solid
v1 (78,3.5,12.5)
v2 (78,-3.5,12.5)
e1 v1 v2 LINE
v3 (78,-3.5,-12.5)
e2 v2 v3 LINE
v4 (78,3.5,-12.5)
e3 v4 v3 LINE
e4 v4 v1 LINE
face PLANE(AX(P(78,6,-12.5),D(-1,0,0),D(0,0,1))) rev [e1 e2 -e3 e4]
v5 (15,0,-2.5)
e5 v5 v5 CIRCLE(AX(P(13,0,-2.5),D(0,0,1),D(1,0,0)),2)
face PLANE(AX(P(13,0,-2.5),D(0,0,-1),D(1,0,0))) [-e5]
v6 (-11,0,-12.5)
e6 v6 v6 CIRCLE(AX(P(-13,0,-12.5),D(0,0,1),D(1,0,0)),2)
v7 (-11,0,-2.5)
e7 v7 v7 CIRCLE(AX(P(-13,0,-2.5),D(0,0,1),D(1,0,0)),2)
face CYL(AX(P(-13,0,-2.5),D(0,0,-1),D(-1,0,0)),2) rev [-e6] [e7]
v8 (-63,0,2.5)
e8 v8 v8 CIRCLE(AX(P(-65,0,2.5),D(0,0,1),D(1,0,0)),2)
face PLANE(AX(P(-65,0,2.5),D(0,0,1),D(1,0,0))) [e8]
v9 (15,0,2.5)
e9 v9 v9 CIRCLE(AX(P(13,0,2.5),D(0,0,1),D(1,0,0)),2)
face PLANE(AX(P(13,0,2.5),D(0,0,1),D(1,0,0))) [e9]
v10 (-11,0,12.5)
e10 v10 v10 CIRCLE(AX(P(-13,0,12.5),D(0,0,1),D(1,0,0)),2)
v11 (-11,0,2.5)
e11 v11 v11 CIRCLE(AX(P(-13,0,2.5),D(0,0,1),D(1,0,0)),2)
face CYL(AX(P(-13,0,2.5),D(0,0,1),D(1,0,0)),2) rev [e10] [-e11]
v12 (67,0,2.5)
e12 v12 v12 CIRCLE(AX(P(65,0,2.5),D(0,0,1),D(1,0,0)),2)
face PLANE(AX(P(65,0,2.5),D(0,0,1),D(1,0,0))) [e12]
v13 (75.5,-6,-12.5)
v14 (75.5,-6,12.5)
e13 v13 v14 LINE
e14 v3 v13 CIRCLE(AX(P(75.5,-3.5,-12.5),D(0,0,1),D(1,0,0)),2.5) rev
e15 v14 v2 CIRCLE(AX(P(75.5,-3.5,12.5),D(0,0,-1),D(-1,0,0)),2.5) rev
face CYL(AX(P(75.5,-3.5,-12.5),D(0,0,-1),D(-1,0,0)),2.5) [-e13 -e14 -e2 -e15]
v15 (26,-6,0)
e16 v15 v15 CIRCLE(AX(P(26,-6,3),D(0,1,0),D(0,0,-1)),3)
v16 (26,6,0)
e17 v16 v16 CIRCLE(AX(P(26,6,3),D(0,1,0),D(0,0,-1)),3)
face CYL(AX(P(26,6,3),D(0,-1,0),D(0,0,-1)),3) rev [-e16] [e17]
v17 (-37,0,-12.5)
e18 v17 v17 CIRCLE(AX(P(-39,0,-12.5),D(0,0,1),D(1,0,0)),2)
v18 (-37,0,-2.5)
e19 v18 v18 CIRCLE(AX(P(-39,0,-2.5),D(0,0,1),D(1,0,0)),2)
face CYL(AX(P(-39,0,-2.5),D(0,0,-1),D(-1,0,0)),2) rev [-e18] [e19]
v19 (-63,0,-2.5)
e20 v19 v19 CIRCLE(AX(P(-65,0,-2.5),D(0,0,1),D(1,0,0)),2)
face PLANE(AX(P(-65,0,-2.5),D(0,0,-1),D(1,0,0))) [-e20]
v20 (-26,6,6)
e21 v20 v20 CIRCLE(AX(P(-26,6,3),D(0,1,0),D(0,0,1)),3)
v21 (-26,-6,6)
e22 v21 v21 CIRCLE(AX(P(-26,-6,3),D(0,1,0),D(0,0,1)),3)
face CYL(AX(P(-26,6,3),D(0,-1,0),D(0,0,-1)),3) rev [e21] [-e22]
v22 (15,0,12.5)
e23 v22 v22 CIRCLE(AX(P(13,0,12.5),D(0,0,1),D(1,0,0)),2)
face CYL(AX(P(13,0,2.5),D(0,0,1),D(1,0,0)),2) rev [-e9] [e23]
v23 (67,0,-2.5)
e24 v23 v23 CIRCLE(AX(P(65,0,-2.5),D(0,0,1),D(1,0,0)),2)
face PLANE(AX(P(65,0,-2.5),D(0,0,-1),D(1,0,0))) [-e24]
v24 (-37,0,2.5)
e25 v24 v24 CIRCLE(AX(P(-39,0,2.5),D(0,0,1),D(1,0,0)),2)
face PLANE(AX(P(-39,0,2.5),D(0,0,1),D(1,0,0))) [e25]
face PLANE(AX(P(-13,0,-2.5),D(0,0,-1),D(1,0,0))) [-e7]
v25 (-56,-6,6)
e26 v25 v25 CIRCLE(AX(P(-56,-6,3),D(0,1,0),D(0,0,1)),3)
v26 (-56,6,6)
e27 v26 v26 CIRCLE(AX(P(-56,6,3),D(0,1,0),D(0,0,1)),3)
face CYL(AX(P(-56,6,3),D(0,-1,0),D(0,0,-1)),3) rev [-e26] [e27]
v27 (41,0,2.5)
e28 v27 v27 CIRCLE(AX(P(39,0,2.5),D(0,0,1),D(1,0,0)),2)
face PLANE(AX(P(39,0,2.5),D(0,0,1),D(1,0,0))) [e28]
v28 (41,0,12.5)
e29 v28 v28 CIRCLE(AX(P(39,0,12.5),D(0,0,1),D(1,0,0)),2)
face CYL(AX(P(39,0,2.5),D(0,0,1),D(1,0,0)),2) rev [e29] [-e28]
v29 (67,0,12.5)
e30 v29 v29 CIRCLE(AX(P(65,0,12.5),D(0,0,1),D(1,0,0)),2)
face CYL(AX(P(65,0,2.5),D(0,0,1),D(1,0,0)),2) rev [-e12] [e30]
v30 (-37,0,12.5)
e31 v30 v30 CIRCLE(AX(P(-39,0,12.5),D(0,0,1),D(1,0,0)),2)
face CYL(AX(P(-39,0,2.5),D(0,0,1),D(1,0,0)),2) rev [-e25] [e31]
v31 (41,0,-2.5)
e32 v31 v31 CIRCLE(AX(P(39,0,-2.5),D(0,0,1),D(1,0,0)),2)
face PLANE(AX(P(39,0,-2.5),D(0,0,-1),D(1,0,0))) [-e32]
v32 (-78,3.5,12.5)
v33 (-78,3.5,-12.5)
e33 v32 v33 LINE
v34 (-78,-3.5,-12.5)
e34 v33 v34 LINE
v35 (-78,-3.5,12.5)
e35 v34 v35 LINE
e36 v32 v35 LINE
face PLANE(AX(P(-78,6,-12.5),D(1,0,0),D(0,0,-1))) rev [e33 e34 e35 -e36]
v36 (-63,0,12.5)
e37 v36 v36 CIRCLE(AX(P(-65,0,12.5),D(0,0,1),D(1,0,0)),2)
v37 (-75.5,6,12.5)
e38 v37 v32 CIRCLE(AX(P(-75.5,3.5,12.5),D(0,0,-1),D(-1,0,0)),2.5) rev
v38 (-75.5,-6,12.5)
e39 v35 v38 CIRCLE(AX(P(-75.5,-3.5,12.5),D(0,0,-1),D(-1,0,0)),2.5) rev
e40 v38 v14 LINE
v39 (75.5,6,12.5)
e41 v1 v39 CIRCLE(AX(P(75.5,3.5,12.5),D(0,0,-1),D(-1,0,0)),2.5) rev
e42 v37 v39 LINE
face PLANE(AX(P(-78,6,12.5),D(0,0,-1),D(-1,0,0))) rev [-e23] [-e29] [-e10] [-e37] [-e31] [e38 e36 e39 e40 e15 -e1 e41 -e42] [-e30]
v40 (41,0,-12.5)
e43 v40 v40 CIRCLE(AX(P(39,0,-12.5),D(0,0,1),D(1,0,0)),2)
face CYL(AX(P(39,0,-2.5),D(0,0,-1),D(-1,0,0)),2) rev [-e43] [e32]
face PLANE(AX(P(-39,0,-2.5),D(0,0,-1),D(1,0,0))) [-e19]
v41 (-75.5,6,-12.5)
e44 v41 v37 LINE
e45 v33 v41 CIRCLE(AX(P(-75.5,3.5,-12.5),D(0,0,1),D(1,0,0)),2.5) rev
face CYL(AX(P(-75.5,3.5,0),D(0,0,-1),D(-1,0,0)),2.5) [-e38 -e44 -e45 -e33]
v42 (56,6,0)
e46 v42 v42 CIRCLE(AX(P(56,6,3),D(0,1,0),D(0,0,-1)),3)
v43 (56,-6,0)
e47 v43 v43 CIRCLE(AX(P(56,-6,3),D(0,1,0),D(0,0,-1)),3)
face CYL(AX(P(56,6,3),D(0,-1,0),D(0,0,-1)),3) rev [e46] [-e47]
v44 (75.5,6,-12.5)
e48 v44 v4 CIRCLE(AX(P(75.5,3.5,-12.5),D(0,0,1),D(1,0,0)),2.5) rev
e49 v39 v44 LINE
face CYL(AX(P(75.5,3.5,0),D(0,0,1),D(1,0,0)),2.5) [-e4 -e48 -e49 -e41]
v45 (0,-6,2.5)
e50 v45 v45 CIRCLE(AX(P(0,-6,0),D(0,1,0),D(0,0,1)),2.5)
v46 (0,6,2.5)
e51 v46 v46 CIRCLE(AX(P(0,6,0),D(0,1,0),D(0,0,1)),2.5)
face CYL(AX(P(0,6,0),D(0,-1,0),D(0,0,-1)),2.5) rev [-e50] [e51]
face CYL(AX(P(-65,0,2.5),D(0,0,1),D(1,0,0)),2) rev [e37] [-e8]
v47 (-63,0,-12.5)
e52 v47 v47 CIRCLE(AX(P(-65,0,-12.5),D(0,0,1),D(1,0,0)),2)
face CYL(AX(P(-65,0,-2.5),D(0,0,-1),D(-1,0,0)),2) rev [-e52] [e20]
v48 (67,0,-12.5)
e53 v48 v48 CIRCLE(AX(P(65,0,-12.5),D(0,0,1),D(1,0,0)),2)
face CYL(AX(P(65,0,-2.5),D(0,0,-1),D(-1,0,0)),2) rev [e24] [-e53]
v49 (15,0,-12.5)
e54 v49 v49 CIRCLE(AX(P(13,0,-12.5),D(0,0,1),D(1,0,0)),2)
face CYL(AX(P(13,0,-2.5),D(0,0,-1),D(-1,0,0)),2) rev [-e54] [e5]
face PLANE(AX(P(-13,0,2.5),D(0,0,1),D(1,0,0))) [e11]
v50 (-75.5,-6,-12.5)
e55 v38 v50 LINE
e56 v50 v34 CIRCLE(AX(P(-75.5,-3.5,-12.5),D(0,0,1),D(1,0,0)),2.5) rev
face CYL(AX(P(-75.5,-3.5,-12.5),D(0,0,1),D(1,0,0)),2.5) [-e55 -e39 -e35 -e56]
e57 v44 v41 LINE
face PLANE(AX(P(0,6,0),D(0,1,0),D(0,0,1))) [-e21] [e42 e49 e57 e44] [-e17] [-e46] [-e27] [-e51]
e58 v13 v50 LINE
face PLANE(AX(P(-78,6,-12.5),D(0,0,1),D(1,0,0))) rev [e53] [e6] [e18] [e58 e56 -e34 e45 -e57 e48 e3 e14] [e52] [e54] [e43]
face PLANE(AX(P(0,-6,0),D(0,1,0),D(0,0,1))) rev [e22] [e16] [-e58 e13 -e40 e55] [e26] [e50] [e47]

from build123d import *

# Parameters (mm, degrees)
SKETCH1_W               = 156
SKETCH1_H               = 25
SKETCH1_R               = 2.5
SKETCH1_R_2             = 3
BOSS_EXTRUDE1_DEPTH     = 6
FILLET1_R               = 2.5
SKETCH2_R               = 2
CUT_EXTRUDE1_DEPTH      = 10
LPATTERN1_COUNT         = 6
LPATTERN1_PITCH         = 26
MIRROR1_COPY_1_SKETCH_R = 2
MIRROR1_COPY_1_DEPTH    = 10
MIRROR1_COPY_2_SKETCH_R = 2
MIRROR1_COPY_2_DEPTH    = 10
MIRROR1_COPY_3_SKETCH_R = 2
MIRROR1_COPY_3_DEPTH    = 10
MIRROR1_COPY_4_SKETCH_R = 2
MIRROR1_COPY_4_DEPTH    = 10
MIRROR1_COPY_5_SKETCH_R = 2
MIRROR1_COPY_5_DEPTH    = 10


with BuildPart() as part:
    # Sketch1 → Boss-Extrude1 (new, symmetric)
    with BuildSketch(Plane(origin=(0, 0, 0), x_dir=(1, 0, 0), z_dir=(0, 1, 0))):
        Rectangle(SKETCH1_W, SKETCH1_H)
        with Locations(Location((0, 0, 0), (0, 0, 270))):
            Circle(SKETCH1_R, mode=Mode.SUBTRACT)
        with Locations(Location((-56, -3, 0), (0, 0, 270))):
            Circle(SKETCH1_R_2, mode=Mode.SUBTRACT)
        with Locations(Location((-26, -3, 0), (0, 0, 270))):
            Circle(SKETCH1_R_2, mode=Mode.SUBTRACT)
        with Locations(Location((56, -3, 0), (0, 0, 90))):
            Circle(SKETCH1_R_2, mode=Mode.SUBTRACT)
        with Locations(Location((26, -3, 0), (0, 0, 90))):
            Circle(SKETCH1_R_2, mode=Mode.SUBTRACT)
    extrude(amount=BOSS_EXTRUDE1_DEPTH, both=True)

    # Fillet1
    fillet1_edges = [part.edges().sort_by_distance(p)[0] for p in [
        (-78, 6, 0),
        (78, 6, 0),
        (-78, -6, 0),
        (78, -6, 0),
    ]]
    fillet(fillet1_edges, radius=FILLET1_R)

    # Sketch2 → Cut-Extrude1 (cut)
    with BuildSketch(Plane.XY.offset(12.5)):
        with Locations((-65, 0)):
            Circle(SKETCH2_R)
    cut_extrude1 = extrude(amount=-CUT_EXTRUDE1_DEPTH, mode=Mode.SUBTRACT)

    # LPattern1: Cut-Extrude1 ×6
    with Locations(*[(i * LPATTERN1_PITCH, 0, 0) for i in range(1, LPATTERN1_COUNT)]):
        add(cut_extrude1, mode=Mode.SUBTRACT)

    # Mirror1: Cut-Extrude1 across plane
    add(cut_extrude1.mirror(Plane.XY), mode=Mode.SUBTRACT)

    # Mirror1 copy 1 sketch → Mirror1 copy 1 (cut)
    with BuildSketch(Plane(origin=(26, 0, -12.5), x_dir=(1, 0, 0), z_dir=(0, 0, -1))):
        with Locations((-65, 0)):
            Circle(MIRROR1_COPY_1_SKETCH_R)
    extrude(amount=-MIRROR1_COPY_1_DEPTH, mode=Mode.SUBTRACT)

    # Mirror1 copy 2 sketch → Mirror1 copy 2 (cut)
    with BuildSketch(Plane(origin=(52, 0, -12.5), x_dir=(1, 0, 0), z_dir=(0, 0, -1))):
        with Locations((-65, 0)):
            Circle(MIRROR1_COPY_2_SKETCH_R)
    extrude(amount=-MIRROR1_COPY_2_DEPTH, mode=Mode.SUBTRACT)

    # Mirror1 copy 3 sketch → Mirror1 copy 3 (cut)
    with BuildSketch(Plane(origin=(78, 0, -12.5), x_dir=(1, 0, 0), z_dir=(0, 0, -1))):
        with Locations((-65, 0)):
            Circle(MIRROR1_COPY_3_SKETCH_R)
    extrude(amount=-MIRROR1_COPY_3_DEPTH, mode=Mode.SUBTRACT)

    # Mirror1 copy 4 sketch → Mirror1 copy 4 (cut)
    with BuildSketch(Plane(origin=(104, 0, -12.5), x_dir=(1, 0, 0), z_dir=(0, 0, -1))):
        with Locations((-65, 0)):
            Circle(MIRROR1_COPY_4_SKETCH_R)
    extrude(amount=-MIRROR1_COPY_4_DEPTH, mode=Mode.SUBTRACT)

    # Mirror1 copy 5 sketch → Mirror1 copy 5 (cut)
    with BuildSketch(Plane(origin=(130, 0, -12.5), x_dir=(1, 0, 0), z_dir=(0, 0, -1))):
        with Locations((-65, 0)):
            Circle(MIRROR1_COPY_5_SKETCH_R)
    extrude(amount=-MIRROR1_COPY_5_DEPTH, mode=Mode.SUBTRACT)


solid = part.part
